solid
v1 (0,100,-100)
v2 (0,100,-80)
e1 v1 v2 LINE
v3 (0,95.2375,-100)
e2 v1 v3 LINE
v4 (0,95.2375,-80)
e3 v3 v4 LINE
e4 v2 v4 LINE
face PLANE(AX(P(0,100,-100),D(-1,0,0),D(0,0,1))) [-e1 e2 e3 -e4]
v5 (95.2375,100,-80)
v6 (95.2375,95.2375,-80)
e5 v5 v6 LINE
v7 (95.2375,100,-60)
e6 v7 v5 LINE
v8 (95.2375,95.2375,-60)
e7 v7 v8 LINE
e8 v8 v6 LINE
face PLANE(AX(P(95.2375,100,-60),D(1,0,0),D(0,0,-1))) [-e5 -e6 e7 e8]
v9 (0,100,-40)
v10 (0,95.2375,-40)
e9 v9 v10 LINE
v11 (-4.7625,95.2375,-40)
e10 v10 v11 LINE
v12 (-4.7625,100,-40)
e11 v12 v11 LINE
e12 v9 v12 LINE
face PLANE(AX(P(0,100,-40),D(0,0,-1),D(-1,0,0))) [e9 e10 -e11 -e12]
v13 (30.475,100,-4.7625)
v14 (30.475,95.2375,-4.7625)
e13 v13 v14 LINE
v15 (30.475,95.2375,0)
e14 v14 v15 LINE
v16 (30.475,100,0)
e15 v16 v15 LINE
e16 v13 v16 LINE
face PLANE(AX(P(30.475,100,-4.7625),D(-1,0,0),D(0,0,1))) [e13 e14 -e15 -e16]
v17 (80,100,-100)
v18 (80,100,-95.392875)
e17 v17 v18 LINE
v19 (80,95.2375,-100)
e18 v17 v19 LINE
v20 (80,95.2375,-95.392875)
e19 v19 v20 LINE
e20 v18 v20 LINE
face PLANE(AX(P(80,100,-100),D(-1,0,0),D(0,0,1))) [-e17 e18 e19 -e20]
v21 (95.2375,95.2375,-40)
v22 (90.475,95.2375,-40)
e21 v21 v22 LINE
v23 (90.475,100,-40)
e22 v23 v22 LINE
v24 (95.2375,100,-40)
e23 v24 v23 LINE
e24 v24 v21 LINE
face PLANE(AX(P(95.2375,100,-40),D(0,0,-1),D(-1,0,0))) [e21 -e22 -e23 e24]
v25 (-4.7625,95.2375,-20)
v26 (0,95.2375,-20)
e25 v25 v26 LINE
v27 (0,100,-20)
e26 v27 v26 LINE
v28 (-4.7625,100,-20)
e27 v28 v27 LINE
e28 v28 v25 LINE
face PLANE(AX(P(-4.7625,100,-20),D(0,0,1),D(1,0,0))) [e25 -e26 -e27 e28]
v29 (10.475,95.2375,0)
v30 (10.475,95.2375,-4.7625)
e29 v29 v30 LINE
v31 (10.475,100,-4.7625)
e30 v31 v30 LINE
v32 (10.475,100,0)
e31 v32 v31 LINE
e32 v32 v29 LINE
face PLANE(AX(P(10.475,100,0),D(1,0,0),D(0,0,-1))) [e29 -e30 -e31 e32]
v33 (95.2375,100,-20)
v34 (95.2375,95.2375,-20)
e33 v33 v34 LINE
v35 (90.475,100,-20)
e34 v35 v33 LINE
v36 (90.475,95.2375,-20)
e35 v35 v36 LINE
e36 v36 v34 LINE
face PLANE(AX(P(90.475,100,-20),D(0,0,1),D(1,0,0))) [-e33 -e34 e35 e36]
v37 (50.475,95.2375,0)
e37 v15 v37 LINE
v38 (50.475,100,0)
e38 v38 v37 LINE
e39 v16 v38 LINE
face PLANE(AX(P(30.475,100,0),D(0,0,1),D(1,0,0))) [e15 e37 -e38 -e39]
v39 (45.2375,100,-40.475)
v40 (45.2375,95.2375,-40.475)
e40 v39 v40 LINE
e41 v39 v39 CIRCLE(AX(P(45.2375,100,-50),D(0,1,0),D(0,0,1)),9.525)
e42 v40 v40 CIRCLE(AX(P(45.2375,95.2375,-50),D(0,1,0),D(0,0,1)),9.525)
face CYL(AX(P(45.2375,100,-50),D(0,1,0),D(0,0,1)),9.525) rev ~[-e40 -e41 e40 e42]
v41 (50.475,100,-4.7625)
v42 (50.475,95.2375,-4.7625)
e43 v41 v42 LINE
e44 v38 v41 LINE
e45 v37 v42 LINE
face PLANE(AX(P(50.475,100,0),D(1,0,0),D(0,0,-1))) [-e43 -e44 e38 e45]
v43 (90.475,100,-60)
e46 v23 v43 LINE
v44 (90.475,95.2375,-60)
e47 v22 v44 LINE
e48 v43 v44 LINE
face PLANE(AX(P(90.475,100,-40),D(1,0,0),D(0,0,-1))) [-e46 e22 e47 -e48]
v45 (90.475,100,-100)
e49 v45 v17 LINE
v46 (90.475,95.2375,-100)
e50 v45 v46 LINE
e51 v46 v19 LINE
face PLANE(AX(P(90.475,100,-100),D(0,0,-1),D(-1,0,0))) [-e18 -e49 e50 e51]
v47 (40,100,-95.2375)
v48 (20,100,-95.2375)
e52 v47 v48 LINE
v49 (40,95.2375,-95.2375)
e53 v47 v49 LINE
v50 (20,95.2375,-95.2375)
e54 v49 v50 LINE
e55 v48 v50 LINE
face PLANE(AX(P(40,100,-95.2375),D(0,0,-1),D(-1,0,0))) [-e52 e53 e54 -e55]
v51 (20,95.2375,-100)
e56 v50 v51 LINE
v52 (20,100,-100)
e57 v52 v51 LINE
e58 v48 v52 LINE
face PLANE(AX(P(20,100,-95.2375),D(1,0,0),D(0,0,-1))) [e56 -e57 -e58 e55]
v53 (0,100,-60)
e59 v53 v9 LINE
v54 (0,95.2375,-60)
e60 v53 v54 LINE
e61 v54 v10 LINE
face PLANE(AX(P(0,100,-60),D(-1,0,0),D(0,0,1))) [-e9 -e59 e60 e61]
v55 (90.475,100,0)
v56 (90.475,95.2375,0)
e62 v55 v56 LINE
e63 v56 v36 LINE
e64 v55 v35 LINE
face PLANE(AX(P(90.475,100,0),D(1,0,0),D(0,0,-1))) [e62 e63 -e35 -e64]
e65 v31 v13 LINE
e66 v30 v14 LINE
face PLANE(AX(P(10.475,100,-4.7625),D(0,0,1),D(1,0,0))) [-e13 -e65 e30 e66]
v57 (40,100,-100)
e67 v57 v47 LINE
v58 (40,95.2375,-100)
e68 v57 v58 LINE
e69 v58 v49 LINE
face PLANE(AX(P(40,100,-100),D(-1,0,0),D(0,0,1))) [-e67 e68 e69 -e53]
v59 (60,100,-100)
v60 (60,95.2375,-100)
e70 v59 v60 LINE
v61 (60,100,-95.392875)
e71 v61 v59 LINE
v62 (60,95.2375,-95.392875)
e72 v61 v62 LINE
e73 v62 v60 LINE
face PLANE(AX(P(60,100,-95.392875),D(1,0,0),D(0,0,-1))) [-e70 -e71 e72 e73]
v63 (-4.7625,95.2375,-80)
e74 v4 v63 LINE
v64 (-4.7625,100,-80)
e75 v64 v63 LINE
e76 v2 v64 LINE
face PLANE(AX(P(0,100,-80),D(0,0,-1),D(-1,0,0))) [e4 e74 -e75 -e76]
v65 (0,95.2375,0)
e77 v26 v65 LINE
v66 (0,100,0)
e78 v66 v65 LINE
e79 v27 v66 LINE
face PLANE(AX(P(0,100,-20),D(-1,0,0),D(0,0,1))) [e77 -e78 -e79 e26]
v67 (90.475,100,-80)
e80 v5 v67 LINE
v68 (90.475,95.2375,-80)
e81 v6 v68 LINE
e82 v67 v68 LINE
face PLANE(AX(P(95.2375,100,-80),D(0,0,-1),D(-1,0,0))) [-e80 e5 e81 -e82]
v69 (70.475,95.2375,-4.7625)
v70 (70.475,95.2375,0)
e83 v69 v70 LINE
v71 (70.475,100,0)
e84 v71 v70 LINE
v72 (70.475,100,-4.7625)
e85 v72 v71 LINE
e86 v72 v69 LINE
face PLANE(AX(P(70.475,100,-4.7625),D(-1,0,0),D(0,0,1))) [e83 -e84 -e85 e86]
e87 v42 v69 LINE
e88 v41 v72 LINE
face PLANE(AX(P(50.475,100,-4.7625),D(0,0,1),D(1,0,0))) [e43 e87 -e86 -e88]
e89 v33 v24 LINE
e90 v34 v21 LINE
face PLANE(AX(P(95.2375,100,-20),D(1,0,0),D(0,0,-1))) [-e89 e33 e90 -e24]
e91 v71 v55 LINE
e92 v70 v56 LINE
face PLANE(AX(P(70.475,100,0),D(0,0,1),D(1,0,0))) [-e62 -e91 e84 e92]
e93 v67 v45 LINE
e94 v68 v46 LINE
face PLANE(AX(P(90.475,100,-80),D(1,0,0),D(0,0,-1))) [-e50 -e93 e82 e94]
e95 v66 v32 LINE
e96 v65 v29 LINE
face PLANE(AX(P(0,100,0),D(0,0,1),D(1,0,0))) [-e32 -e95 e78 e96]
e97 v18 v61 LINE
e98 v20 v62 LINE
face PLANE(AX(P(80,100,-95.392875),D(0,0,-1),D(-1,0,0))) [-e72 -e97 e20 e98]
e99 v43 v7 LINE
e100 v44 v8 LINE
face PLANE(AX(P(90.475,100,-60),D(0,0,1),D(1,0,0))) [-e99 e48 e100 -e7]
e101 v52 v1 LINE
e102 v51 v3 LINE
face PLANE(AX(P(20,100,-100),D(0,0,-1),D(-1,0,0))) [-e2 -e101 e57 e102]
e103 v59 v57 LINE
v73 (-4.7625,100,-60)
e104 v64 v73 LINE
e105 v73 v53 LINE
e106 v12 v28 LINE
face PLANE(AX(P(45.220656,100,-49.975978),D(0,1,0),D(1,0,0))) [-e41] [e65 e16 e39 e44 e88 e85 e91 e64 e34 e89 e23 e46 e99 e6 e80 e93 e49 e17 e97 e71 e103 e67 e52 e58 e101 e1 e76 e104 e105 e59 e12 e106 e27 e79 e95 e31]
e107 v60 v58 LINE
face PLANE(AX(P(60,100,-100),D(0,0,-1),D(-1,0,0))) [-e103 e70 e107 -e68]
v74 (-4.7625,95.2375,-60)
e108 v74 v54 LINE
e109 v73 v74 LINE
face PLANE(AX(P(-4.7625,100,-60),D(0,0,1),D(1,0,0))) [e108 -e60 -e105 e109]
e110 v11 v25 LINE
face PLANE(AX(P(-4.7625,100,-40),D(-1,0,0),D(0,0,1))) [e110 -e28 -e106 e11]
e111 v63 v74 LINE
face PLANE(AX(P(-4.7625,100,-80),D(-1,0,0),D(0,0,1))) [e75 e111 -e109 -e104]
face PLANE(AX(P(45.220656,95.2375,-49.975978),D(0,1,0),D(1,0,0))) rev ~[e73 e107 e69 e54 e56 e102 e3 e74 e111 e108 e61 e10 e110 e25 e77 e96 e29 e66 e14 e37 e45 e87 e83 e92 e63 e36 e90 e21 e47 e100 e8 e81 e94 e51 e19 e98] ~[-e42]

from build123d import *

# Parameters (mm, degrees)
BOSS_EXTRUDE1_DEPTH = 4.7625
SKETCH3_R           = 9.525
CUT_EXTRUDE1_DEPTH  = 4.7625


with BuildPart() as part:
    # Sketch2 → Boss-Extrude1 (new body)
    with BuildSketch(Plane(origin=(0, 100, 0), x_dir=(1, 0, 0), z_dir=(0, 1, 0))):
        Polygon((80, 100), (80, 95.392875), (60, 95.392875), (60, 100), (40, 100), (40, 95.2375), (20, 95.2375), (20, 100), (0, 100), (0, 80), (-4.7625, 80), (-4.7625, 60), (0, 60), (0, 40), (-4.7625, 40), (-4.7625, 20), (0, 20), (0, 0), (10.475, 0), (10.475, 4.7625), (30.475, 4.7625), (30.475, 0), (50.475, 0), (50.475, 4.7625), (70.475, 4.7625), (70.475, 0), (90.475, 0), (90.475, 20), (95.2375, 20), (95.2375, 40), (90.475, 40), (90.475, 60), (95.2375, 60), (95.2375, 80), (90.475, 80), (90.475, 100), align=None)
    extrude(amount=-BOSS_EXTRUDE1_DEPTH)

    # Sketch3 → Cut-Extrude1 (cut)
    with BuildSketch(Plane(origin=(0, 100, 0), x_dir=(1, 0, 0), z_dir=(0, 1, 0))):
        with Locations(Location((45.2375, 50, 0), (0, 0, 270))):
            Circle(SKETCH3_R)
    extrude(amount=-CUT_EXTRUDE1_DEPTH, mode=Mode.SUBTRACT)


solid = part.part
